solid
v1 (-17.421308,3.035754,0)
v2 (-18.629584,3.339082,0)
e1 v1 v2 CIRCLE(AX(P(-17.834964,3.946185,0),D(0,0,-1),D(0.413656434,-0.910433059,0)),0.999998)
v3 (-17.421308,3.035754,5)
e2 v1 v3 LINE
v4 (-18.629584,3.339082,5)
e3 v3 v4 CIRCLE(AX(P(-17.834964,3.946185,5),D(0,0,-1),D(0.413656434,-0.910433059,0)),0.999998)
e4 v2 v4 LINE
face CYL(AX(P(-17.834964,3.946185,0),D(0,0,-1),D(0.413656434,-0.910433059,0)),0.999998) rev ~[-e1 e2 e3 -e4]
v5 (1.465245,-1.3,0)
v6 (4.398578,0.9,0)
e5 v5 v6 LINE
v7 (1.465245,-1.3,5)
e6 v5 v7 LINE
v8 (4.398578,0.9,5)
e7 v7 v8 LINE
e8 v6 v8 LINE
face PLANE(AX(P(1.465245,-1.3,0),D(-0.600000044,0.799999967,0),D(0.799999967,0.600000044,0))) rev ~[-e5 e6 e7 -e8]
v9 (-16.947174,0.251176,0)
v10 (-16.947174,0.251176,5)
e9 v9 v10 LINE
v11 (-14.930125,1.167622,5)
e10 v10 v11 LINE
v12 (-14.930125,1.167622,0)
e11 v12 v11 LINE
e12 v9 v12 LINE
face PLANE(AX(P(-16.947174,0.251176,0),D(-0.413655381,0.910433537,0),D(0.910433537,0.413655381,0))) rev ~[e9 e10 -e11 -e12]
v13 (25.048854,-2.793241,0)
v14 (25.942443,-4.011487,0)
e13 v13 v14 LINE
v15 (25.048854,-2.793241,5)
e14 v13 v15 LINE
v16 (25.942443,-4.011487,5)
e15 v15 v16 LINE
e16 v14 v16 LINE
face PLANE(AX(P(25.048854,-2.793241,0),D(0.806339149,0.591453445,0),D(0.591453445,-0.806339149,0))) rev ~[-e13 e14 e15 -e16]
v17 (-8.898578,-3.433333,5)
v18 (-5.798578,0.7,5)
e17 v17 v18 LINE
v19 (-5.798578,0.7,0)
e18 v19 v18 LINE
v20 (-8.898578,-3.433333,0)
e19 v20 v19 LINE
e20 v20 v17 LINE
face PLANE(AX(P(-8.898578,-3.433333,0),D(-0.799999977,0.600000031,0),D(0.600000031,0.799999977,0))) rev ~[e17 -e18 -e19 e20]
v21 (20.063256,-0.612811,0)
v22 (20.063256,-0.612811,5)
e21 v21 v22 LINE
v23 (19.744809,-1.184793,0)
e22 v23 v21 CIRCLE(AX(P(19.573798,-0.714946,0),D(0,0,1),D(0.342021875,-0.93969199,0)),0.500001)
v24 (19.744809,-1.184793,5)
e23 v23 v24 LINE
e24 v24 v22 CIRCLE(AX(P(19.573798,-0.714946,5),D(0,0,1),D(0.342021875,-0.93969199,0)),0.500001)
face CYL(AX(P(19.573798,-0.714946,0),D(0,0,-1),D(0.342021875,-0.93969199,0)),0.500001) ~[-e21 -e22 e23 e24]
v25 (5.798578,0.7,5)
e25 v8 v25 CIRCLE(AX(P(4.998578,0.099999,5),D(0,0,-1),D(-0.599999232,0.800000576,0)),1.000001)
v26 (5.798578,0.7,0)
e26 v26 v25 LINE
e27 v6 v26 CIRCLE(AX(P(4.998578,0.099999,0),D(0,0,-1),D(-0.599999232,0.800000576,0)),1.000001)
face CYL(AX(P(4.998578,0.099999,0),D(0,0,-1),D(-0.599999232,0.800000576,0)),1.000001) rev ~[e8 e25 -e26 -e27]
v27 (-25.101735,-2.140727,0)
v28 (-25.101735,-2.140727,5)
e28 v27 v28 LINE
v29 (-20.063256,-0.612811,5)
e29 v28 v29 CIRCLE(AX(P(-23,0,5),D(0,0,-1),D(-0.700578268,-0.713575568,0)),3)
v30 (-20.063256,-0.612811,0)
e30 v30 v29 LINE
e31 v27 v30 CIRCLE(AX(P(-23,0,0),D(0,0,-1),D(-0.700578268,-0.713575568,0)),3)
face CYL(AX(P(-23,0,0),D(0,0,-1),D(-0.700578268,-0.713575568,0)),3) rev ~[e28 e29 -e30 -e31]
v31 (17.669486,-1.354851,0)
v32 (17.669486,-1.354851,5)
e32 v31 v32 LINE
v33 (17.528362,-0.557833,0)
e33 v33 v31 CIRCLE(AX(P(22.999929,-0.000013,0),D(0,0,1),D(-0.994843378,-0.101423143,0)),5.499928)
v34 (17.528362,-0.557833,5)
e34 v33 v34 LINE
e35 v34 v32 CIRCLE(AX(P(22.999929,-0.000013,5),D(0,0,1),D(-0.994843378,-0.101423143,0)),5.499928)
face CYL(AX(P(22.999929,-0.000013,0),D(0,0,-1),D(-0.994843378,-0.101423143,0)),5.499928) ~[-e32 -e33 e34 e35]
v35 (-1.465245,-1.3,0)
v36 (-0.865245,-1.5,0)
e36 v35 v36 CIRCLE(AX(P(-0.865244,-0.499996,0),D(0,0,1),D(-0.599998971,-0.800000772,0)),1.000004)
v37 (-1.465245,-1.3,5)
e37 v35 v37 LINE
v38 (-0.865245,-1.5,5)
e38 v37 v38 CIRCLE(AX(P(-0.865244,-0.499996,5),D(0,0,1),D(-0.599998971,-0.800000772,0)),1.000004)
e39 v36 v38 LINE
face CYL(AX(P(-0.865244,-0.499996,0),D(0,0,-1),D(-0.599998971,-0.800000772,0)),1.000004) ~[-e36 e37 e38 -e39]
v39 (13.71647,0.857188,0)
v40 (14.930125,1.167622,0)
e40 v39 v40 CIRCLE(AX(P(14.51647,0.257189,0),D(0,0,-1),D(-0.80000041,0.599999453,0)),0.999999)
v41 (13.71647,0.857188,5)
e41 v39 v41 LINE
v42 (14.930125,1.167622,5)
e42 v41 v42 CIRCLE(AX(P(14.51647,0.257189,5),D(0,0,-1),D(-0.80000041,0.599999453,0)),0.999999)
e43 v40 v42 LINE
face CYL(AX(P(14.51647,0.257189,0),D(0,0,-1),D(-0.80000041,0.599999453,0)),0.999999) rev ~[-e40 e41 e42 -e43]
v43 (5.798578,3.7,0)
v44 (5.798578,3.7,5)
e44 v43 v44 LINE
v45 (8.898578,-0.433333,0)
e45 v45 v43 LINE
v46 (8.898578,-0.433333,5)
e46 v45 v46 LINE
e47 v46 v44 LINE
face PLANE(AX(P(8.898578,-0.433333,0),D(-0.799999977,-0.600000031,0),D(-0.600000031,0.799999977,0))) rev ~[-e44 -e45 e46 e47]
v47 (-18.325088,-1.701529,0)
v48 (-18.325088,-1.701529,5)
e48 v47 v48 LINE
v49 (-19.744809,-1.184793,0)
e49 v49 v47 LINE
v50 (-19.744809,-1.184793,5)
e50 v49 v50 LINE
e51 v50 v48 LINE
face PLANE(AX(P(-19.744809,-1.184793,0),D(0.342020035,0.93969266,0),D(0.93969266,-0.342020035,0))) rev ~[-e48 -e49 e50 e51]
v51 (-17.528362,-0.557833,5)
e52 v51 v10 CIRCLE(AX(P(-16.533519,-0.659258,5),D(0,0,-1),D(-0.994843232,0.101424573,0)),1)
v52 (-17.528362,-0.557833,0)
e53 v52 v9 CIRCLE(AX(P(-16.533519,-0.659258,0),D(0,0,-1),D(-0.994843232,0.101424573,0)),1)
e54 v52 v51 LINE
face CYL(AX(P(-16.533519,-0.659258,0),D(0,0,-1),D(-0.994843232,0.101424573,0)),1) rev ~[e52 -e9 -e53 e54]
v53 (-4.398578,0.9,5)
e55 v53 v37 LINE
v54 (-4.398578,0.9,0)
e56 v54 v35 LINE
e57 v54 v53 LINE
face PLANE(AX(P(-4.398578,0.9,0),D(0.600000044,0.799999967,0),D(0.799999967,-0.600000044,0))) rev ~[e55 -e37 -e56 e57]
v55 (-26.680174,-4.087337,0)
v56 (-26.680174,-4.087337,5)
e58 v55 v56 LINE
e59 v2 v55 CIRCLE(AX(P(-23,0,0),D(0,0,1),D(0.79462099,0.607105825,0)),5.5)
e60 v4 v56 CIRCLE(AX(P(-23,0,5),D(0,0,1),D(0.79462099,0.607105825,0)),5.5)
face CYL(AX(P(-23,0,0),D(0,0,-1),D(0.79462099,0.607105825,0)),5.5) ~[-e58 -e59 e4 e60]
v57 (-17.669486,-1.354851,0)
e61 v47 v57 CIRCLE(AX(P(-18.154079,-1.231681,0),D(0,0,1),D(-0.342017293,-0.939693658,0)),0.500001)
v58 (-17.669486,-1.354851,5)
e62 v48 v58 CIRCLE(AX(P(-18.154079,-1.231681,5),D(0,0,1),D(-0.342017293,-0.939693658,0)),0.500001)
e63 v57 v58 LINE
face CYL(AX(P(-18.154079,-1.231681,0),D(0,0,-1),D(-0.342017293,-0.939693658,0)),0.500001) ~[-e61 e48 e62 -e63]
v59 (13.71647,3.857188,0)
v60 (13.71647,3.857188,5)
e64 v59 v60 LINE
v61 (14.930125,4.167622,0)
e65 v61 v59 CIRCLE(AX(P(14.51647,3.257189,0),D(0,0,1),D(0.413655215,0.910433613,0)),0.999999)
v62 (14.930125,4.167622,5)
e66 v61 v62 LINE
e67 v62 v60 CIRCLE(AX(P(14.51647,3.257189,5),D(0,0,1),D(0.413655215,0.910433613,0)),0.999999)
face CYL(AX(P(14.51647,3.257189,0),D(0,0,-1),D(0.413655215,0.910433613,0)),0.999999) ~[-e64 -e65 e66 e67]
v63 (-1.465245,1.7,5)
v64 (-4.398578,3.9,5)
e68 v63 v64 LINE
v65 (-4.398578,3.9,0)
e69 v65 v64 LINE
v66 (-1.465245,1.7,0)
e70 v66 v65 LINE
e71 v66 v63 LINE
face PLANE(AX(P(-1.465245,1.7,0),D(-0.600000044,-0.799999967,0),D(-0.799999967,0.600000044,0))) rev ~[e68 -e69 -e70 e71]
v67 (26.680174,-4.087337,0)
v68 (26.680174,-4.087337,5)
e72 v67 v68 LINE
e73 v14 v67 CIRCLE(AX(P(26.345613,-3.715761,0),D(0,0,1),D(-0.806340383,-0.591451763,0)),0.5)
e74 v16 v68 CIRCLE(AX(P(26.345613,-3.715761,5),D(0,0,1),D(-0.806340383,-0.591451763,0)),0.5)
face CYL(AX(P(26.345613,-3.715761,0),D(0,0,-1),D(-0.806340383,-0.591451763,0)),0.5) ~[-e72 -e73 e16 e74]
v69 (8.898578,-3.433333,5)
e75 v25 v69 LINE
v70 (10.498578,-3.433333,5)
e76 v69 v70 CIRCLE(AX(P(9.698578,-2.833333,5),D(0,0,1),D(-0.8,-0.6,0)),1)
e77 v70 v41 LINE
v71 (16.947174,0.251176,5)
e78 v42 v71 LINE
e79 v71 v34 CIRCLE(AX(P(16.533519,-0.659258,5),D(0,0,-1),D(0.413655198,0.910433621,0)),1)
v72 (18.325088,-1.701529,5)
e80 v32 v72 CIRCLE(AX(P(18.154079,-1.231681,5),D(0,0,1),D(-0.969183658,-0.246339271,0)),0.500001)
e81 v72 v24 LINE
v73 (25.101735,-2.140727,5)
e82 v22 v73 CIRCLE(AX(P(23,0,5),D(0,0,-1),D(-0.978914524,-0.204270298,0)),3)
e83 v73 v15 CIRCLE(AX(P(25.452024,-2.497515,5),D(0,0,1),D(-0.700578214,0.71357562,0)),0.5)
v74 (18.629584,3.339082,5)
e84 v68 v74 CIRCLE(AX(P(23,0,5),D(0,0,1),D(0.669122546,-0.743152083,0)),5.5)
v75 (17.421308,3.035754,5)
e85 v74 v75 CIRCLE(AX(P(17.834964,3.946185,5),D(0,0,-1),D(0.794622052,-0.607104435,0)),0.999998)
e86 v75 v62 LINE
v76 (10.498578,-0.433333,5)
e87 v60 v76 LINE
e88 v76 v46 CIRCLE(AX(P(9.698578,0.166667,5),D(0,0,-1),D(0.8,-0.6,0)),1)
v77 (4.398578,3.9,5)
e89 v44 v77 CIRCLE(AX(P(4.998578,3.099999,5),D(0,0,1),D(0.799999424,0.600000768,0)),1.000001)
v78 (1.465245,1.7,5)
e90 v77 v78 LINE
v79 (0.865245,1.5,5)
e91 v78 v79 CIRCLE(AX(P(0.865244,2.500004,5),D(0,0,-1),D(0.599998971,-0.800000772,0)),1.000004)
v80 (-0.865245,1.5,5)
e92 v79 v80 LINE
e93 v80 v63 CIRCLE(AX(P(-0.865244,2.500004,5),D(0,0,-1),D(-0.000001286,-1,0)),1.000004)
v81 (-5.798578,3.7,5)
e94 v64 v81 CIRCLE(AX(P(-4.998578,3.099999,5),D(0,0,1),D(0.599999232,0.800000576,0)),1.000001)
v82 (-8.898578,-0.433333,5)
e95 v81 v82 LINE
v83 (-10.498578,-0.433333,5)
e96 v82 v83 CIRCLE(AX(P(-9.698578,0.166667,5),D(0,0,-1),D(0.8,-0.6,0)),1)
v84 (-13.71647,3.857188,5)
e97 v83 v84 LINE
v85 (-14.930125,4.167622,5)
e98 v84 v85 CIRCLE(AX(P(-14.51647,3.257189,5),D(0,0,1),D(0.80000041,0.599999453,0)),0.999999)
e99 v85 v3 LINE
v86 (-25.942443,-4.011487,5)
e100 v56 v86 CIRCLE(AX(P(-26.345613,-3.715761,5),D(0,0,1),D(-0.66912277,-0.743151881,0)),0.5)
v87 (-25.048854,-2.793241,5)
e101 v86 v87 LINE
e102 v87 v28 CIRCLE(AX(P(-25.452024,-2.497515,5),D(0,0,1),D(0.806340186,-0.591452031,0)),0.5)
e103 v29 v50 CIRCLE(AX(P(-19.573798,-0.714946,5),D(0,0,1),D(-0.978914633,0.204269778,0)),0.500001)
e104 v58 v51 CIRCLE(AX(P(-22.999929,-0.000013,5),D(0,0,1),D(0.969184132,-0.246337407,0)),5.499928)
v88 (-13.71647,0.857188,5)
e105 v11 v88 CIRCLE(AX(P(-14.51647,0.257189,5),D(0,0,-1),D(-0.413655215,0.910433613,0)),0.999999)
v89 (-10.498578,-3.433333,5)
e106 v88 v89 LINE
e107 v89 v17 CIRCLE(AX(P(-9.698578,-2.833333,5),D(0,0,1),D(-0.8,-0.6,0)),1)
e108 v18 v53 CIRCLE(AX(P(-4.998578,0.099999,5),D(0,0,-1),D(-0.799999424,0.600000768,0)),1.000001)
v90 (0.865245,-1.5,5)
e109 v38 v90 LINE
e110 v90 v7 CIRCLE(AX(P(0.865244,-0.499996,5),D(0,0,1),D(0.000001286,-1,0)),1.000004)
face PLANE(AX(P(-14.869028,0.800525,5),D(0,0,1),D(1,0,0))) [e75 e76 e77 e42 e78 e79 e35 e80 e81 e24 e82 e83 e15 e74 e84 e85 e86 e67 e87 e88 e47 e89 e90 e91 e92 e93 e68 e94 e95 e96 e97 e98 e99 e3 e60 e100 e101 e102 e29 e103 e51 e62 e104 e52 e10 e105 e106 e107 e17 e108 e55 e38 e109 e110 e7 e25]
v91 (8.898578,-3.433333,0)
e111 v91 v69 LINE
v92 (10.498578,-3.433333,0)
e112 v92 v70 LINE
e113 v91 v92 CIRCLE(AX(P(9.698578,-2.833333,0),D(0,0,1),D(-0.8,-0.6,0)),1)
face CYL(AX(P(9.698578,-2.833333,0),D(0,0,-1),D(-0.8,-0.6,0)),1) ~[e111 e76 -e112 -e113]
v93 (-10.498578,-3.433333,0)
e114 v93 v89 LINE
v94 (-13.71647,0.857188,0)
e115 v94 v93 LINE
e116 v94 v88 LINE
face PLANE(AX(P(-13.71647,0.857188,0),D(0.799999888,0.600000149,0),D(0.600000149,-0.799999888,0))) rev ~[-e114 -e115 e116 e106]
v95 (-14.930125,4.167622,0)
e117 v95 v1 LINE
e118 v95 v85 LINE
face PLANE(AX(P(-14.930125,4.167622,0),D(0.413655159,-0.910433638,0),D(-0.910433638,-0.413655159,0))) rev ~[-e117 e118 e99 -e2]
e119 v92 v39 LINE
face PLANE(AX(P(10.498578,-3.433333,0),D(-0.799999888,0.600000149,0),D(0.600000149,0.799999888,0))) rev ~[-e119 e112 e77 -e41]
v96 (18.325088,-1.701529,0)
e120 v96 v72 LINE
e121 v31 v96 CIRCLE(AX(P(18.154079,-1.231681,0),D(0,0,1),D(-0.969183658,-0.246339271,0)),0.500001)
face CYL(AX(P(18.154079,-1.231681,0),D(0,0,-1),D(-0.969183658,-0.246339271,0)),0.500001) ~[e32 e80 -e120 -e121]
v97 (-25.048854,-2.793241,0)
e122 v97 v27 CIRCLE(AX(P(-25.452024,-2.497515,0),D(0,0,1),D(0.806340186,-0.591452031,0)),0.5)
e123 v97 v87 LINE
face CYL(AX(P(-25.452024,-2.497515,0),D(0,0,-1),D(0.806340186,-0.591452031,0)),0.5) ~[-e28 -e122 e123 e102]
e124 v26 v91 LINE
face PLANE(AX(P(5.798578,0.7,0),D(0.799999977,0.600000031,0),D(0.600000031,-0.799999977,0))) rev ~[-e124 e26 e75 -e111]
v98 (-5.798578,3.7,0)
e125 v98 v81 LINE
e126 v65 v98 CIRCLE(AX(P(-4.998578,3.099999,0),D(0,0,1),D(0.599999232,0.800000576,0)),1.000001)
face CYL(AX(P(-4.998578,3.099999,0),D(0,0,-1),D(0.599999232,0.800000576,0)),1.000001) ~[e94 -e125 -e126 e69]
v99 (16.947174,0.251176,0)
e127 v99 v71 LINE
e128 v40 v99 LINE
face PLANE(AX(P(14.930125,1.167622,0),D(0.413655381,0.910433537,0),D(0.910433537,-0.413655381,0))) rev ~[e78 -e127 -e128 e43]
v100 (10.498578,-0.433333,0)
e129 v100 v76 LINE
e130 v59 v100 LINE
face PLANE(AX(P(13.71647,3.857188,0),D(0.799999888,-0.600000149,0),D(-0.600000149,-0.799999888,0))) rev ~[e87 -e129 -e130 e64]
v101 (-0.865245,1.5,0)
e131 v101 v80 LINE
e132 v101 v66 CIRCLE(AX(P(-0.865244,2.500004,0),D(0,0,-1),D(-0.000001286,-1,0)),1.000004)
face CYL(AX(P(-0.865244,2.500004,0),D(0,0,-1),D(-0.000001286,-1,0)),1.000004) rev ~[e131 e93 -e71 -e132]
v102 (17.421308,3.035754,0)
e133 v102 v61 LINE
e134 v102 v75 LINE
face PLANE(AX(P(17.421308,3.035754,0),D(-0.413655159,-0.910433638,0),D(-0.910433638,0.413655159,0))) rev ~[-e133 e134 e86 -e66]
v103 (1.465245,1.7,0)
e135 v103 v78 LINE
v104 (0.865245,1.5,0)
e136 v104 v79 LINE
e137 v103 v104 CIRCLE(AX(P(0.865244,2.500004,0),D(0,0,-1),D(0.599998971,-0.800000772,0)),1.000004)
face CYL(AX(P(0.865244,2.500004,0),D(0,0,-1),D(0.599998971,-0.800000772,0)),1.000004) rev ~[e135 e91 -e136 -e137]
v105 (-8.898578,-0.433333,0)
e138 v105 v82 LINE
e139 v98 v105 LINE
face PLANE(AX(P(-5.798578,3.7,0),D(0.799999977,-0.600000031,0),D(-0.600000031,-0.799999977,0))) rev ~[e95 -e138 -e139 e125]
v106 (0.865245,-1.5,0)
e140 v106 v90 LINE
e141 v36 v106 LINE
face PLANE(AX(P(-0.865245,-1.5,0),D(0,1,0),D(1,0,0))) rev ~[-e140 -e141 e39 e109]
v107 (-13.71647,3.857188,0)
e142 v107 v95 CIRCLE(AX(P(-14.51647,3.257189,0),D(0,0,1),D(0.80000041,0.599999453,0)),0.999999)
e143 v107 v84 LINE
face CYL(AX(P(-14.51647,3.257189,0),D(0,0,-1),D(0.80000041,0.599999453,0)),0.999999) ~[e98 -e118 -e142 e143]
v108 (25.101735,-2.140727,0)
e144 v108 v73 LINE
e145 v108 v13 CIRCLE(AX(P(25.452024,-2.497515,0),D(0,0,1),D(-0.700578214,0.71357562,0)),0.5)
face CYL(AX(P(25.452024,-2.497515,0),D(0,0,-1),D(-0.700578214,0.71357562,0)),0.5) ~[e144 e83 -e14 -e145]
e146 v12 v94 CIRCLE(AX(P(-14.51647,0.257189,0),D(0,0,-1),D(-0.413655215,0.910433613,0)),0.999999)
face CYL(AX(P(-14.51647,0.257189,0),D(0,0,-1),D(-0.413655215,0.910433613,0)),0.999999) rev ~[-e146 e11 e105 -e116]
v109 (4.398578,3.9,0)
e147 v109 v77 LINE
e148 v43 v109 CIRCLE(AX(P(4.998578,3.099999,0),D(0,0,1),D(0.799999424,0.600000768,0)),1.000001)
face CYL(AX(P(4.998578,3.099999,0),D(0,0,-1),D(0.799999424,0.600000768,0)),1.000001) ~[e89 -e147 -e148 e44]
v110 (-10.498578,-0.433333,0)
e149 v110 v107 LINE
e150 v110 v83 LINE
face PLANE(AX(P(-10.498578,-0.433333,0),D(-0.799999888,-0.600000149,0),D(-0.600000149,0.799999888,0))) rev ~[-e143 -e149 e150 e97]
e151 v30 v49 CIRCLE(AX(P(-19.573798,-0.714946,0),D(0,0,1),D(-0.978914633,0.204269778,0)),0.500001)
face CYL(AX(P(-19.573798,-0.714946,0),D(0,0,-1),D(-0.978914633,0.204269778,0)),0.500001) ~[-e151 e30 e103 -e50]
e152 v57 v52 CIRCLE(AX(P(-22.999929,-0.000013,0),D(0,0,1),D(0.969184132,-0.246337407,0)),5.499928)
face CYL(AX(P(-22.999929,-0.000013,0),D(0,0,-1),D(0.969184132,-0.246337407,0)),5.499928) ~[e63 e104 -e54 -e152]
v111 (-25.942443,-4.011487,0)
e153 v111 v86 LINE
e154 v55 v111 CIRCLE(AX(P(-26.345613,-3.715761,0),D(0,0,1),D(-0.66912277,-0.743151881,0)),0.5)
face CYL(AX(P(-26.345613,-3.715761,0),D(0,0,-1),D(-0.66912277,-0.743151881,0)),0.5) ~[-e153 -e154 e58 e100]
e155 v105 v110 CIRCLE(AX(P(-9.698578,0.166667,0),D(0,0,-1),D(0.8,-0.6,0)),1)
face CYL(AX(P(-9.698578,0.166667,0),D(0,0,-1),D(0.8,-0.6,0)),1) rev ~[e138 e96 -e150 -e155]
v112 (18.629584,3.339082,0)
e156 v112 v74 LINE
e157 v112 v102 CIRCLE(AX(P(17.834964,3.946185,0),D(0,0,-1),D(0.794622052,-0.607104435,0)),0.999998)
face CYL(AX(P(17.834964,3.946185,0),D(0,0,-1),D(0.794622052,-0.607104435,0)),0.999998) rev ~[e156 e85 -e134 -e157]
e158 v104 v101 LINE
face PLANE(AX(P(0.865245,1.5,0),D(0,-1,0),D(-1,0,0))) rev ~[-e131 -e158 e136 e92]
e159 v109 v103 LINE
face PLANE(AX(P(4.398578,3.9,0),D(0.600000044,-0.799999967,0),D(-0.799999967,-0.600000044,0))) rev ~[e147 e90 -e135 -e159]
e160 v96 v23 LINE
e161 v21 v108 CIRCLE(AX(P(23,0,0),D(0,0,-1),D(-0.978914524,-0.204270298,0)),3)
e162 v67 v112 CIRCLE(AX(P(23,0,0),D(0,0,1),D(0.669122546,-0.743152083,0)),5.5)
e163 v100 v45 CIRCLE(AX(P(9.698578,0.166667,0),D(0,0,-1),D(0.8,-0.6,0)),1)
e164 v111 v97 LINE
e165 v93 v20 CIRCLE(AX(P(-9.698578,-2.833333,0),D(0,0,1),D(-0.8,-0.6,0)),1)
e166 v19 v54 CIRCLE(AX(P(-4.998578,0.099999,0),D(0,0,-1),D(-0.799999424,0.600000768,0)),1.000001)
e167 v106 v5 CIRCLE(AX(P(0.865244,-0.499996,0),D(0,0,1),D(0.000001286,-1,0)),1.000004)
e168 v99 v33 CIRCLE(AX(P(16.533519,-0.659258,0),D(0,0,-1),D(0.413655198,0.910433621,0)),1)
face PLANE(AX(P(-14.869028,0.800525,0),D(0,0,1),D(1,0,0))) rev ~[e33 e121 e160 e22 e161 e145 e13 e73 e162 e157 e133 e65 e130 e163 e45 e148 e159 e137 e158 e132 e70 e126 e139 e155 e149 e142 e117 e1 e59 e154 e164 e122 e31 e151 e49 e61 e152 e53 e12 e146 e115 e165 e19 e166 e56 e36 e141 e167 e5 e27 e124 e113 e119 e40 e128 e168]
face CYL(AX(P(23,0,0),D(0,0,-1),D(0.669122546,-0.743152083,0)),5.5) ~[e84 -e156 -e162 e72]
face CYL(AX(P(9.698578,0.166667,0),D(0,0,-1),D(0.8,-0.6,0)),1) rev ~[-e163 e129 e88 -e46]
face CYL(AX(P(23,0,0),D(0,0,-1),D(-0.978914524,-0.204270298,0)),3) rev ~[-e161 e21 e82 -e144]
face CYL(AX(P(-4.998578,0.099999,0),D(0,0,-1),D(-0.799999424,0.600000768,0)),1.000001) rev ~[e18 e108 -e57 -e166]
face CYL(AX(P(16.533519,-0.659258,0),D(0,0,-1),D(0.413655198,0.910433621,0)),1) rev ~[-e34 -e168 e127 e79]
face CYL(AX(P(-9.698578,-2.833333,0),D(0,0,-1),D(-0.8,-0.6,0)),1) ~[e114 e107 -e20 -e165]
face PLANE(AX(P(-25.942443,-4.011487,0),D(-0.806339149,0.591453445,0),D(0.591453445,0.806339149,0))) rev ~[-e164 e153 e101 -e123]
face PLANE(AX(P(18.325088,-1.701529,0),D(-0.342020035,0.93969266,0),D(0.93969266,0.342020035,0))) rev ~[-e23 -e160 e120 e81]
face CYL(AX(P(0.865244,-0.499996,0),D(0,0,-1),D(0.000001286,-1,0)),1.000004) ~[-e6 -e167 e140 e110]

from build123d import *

# Parameters (mm, degrees)
F1_DEPTH = 5


with BuildPart() as f1:
    # F0 (on Top) → F1 (new body)
    with BuildSketch(Plane.XY):
        with BuildLine():
            ThreePointArc((-25.101735, -2.140727), (-23.870598, 2.870899), (-20.063256, -0.612811))
            ThreePointArc((-20.063256, -0.612811), (-20.010657, -0.958164), (-19.744809, -1.184793))
            Line((-19.744809, -1.184793), (-18.325088, -1.701529))
            ThreePointArc((-18.325088, -1.701529), (-17.920348, -1.673689), (-17.669486, -1.354851))
            ThreePointArc((-17.669486, -1.354851), (-17.584242, -0.958941), (-17.528362, -0.557833))
            ThreePointArc((-17.528362, -0.557833), (-17.345671, -0.075812), (-16.947174, 0.251176))
            Line((-16.947174, 0.251176), (-14.930125, 1.167622))
            ThreePointArc((-14.930125, 1.167622), (-14.268664, 1.225998), (-13.71647, 0.857188))
            Line((-13.71647, 0.857188), (-10.498578, -3.433333))
            ThreePointArc((-10.498578, -3.433333), (-9.698578, -3.833333), (-8.898578, -3.433333))
            Line((-8.898578, -3.433333), (-5.798578, 0.7))
            ThreePointArc((-5.798578, 0.7), (-5.14, 1.089949), (-4.398578, 0.9))
            Line((-4.398578, 0.9), (-1.465245, -1.3))
            ThreePointArc((-1.465245, -1.3), (-1.181473, -1.448683), (-0.865245, -1.5))
            Line((-0.865245, -1.5), (0, -1.5))
            Line((0, -1.5), (0, 1.5))
            Line((0, 1.5), (-0.865245, 1.5))
            ThreePointArc((-0.865245, 1.5), (-1.181473, 1.551317), (-1.465245, 1.7))
            Line((-1.465245, 1.7), (-4.398578, 3.9))
            ThreePointArc((-4.398578, 3.9), (-5.14, 4.089949), (-5.798578, 3.7))
            Line((-5.798578, 3.7), (-8.898578, -0.433333))
            ThreePointArc((-8.898578, -0.433333), (-9.698578, -0.833333), (-10.498578, -0.433333))
            Line((-10.498578, -0.433333), (-13.71647, 3.857188))
            ThreePointArc((-13.71647, 3.857188), (-14.268664, 4.225998), (-14.930125, 4.167622))
            Line((-14.930125, 4.167622), (-17.421308, 3.035754))
            ThreePointArc((-17.421308, 3.035754), (-18.07845, 2.976283), (-18.629584, 3.339082))
            ThreePointArc((-18.629584, 3.339082), (-26.729213, 4.042644), (-26.680174, -4.087337))
            ThreePointArc((-26.680174, -4.087337), (-26.294475, -4.213139), (-25.942443, -4.011487))
            Line((-25.942443, -4.011487), (-25.048854, -2.793241))
            ThreePointArc((-25.048854, -2.793241), (-24.953658, -2.457126), (-25.101735, -2.140727))
        make_face()
        with BuildLine():
            Line((0, 1.5), (0, -1.5))
            Line((0, -1.5), (0.865245, -1.5))
            ThreePointArc((0.865245, -1.5), (1.181473, -1.448683), (1.465245, -1.3))
            Line((1.465245, -1.3), (4.398578, 0.9))
            ThreePointArc((4.398578, 0.9), (5.14, 1.089949), (5.798578, 0.7))
            Line((5.798578, 0.7), (8.898578, -3.433333))
            ThreePointArc((8.898578, -3.433333), (9.698578, -3.833333), (10.498578, -3.433333))
            Line((10.498578, -3.433333), (13.71647, 0.857188))
            ThreePointArc((13.71647, 0.857188), (14.268664, 1.225998), (14.930125, 1.167622))
            Line((14.930125, 1.167622), (16.947174, 0.251176))
            ThreePointArc((16.947174, 0.251176), (17.345671, -0.075812), (17.528362, -0.557833))
            ThreePointArc((17.528362, -0.557833), (17.584242, -0.958941), (17.669486, -1.354851))
            ThreePointArc((17.669486, -1.354851), (17.920348, -1.673689), (18.325088, -1.701529))
            Line((18.325088, -1.701529), (19.744809, -1.184793))
            ThreePointArc((19.744809, -1.184793), (20.010657, -0.958164), (20.063256, -0.612811))
            ThreePointArc((20.063256, -0.612811), (23.870598, 2.870899), (25.101735, -2.140727))
            ThreePointArc((25.101735, -2.140727), (24.953658, -2.457126), (25.048854, -2.793241))
            Line((25.048854, -2.793241), (25.942443, -4.011487))
            ThreePointArc((25.942443, -4.011487), (26.294475, -4.213139), (26.680174, -4.087337))
            ThreePointArc((26.680174, -4.087337), (26.729213, 4.042644), (18.629584, 3.339082))
            ThreePointArc((18.629584, 3.339082), (18.07845, 2.976283), (17.421308, 3.035754))
            Line((17.421308, 3.035754), (14.930125, 4.167622))
            ThreePointArc((14.930125, 4.167622), (14.268664, 4.225998), (13.71647, 3.857188))
            Line((13.71647, 3.857188), (10.498578, -0.433333))
            ThreePointArc((10.498578, -0.433333), (9.698578, -0.833333), (8.898578, -0.433333))
            Line((8.898578, -0.433333), (5.798578, 3.7))
            ThreePointArc((5.798578, 3.7), (5.14, 4.089949), (4.398578, 3.9))
            Line((4.398578, 3.9), (1.465245, 1.7))
            ThreePointArc((1.465245, 1.7), (1.181473, 1.551317), (0.865245, 1.5))
            Line((0.865245, 1.5), (0, 1.5))
        make_face()
    extrude(amount=F1_DEPTH)


solid = f1.part
